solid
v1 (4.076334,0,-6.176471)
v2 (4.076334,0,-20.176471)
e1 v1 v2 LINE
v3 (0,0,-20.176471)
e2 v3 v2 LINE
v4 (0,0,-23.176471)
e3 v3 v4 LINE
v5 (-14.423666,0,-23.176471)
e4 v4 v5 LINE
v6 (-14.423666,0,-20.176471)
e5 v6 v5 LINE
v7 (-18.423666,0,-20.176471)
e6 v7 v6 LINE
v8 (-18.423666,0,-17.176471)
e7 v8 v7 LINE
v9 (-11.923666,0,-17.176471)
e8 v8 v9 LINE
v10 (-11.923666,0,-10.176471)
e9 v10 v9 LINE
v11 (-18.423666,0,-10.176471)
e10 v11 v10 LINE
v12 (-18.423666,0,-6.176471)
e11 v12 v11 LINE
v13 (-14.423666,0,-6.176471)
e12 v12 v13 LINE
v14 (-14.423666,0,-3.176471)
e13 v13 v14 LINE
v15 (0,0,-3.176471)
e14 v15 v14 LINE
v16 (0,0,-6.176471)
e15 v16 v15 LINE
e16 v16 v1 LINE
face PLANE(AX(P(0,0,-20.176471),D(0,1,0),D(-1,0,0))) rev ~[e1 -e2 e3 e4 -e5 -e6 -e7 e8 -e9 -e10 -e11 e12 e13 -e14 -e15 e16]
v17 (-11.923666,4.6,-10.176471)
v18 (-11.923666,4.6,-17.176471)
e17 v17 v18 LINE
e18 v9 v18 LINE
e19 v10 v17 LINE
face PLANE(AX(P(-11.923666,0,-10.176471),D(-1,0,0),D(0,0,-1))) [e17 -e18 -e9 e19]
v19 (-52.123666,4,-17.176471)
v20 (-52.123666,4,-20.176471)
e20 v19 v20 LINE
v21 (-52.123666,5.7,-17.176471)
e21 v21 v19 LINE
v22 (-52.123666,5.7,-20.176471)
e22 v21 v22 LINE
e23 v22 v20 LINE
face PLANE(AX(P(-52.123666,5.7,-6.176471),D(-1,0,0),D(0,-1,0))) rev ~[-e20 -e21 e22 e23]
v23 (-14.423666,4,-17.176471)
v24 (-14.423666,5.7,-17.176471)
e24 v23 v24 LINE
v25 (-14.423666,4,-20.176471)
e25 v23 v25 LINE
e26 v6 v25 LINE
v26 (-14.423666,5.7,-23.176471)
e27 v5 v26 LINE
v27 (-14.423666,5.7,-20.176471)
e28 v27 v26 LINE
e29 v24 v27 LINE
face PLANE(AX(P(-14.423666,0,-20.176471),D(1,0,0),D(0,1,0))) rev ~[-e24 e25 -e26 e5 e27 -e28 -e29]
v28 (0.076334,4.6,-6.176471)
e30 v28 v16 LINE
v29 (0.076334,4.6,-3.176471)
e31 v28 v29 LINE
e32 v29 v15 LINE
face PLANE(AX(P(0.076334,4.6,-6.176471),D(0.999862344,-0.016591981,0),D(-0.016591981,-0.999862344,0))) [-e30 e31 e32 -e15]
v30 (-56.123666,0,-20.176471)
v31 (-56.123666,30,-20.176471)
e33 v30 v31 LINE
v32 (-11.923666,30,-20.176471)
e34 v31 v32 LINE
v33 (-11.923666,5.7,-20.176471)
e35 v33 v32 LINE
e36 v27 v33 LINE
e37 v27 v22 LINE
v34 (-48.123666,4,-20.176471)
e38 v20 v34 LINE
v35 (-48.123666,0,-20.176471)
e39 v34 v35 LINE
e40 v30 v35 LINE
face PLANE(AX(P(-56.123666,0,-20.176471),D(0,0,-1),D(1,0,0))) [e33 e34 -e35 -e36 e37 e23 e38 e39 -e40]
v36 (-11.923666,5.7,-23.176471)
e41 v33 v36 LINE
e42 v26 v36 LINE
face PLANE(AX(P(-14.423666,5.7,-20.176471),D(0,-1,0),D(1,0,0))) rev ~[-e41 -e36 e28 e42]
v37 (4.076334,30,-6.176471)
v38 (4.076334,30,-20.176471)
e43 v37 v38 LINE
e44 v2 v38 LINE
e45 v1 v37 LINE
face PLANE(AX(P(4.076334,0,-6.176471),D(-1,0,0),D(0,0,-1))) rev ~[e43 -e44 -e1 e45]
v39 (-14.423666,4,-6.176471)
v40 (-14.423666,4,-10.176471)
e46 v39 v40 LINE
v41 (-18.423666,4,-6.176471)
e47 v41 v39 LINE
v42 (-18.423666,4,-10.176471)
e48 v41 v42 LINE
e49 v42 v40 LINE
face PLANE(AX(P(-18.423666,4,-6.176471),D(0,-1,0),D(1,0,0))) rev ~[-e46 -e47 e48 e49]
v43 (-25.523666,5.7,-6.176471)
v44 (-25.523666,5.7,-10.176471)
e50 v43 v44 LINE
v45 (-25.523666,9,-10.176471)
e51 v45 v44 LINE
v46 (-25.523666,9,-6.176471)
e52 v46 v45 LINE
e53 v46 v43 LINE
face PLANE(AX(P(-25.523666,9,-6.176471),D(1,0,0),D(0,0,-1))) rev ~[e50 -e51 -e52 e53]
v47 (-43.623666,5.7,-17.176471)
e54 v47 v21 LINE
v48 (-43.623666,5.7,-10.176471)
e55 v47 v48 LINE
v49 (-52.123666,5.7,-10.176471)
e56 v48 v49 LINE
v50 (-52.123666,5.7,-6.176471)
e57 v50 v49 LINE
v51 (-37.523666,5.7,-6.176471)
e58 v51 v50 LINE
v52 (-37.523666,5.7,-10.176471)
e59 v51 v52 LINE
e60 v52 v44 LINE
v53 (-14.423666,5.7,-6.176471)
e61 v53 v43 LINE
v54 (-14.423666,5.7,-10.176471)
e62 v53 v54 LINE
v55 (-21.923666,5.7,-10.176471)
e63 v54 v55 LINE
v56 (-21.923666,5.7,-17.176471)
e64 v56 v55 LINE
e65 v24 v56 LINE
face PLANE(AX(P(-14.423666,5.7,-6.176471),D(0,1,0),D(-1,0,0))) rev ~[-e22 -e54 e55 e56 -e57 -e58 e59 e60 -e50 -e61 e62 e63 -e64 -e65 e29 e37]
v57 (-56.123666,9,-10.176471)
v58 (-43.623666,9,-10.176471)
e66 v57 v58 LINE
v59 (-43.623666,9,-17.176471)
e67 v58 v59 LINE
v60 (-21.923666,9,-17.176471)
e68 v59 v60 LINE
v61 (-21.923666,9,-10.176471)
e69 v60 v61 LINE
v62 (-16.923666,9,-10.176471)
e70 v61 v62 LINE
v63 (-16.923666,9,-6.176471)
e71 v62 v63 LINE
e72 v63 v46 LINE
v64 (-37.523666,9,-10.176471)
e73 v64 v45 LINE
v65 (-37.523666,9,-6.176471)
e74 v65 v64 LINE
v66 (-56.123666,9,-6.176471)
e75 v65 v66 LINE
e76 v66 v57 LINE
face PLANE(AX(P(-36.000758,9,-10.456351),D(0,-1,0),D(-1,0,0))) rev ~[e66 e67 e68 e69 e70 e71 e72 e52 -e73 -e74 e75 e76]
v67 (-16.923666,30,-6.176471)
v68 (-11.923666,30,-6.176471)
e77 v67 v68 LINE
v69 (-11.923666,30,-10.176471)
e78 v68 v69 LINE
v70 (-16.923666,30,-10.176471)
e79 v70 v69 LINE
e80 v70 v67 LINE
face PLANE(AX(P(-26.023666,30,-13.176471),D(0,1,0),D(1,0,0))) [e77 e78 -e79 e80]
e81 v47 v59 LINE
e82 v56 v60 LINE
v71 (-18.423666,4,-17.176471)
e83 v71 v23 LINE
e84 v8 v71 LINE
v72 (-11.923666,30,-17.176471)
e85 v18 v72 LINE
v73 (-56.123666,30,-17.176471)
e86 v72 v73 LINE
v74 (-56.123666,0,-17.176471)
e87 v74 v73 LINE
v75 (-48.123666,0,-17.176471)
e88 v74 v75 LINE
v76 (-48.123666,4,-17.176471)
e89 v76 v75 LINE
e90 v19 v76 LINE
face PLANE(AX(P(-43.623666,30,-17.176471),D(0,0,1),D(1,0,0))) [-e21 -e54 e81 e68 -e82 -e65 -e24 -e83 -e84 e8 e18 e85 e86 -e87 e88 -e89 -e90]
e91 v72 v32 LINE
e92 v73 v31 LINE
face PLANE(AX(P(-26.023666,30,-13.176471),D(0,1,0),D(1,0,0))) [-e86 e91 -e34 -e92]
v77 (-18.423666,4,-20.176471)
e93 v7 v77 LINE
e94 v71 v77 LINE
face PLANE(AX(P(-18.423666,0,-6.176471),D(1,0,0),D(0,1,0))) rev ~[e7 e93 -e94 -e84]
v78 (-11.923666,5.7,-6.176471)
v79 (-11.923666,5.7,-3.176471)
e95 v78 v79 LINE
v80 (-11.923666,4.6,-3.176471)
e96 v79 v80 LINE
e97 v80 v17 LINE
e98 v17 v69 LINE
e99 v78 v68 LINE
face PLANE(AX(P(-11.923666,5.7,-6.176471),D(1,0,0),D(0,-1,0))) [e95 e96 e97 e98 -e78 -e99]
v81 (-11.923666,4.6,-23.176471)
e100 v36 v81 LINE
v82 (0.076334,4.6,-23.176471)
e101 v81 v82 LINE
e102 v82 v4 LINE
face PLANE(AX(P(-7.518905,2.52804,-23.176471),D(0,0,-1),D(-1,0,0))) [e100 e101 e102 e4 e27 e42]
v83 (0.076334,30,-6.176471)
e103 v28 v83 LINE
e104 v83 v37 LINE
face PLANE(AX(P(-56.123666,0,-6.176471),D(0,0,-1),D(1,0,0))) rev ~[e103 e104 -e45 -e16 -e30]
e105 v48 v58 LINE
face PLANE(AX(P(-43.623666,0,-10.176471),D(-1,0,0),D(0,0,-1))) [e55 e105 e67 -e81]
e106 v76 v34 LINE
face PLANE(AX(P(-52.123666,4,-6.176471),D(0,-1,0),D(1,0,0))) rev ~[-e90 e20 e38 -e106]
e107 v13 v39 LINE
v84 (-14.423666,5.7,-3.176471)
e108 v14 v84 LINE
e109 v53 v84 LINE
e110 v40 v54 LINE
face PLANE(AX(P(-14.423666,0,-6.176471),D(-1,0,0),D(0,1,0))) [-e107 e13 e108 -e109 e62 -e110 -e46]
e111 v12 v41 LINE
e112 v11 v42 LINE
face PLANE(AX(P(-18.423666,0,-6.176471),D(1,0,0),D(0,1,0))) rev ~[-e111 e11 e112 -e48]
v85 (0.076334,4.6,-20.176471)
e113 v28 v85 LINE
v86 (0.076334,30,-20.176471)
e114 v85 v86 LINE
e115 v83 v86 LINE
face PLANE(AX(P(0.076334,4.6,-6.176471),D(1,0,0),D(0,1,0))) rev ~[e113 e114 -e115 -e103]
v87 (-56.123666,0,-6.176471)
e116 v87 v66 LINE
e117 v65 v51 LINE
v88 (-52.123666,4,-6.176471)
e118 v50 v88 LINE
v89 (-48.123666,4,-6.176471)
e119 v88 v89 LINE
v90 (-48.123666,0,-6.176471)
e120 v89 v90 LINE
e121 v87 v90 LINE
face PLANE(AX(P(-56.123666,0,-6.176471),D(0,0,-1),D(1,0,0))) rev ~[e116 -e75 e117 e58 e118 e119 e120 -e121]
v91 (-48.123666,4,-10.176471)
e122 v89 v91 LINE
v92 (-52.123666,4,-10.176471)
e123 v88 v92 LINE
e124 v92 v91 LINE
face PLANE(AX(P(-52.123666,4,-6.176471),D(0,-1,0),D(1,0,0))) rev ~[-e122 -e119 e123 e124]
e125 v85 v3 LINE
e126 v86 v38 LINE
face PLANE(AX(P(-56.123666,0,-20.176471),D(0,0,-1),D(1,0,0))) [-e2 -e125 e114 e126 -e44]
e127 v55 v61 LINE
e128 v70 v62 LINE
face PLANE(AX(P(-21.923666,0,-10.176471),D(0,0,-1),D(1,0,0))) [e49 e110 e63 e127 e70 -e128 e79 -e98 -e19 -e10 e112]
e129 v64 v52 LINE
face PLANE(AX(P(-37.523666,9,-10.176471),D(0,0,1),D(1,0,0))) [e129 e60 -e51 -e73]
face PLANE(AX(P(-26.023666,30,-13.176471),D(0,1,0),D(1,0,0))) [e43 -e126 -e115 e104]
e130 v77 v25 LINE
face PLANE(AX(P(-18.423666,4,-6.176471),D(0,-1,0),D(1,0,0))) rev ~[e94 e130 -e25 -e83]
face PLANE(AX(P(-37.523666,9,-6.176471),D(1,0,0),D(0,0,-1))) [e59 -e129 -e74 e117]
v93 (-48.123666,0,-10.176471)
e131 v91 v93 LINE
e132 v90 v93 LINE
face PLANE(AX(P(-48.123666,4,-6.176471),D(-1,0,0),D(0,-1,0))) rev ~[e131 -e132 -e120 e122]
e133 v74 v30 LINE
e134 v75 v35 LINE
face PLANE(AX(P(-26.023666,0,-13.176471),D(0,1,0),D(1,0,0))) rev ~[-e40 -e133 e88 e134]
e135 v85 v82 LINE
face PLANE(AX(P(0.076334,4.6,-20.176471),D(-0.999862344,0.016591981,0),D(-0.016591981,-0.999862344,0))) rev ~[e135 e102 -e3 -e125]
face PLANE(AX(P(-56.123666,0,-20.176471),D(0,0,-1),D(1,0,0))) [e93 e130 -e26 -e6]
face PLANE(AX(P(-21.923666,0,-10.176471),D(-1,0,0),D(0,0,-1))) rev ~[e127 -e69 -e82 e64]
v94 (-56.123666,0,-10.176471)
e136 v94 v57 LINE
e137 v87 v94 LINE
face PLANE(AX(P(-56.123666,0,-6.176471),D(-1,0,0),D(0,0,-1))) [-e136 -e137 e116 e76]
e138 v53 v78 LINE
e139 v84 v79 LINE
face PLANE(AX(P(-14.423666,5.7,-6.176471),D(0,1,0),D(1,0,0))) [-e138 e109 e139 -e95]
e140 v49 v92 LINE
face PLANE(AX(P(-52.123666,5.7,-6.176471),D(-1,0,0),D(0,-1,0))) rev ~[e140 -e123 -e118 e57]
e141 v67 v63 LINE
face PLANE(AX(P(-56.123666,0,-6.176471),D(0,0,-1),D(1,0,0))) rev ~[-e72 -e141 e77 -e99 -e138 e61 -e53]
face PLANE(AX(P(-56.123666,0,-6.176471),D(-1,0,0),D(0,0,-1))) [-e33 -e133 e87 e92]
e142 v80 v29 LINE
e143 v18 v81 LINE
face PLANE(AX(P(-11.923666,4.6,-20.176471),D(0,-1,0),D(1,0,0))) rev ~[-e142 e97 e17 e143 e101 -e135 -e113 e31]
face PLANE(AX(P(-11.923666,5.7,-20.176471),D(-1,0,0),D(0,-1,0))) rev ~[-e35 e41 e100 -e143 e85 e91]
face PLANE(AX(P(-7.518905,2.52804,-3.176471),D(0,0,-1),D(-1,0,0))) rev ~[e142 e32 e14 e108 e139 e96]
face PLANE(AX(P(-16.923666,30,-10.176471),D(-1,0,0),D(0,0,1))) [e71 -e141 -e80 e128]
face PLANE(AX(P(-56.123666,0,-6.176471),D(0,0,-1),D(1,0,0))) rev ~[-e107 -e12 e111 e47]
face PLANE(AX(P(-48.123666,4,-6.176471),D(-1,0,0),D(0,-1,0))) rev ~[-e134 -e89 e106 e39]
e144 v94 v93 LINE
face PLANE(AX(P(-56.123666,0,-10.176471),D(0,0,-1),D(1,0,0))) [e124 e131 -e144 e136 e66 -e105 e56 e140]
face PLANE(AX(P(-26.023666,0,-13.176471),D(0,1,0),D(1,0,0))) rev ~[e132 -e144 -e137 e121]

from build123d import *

# Parameters (mm, degrees)
CROQUIS1_W              = 60.2
CROQUIS1_H              = 14
SALIENTE_EXTRUIR1_DEPTH = 30
CROQUIS2_W              = 12
CROQUIS2_H              = 25.4
CORTAR_EXTRUIR1_DEPTH   = 14
CORTAR_EXTRUIR2_START   = -30
CROQUIS3_W              = 12.5
CROQUIS3_H              = 7
CROQUIS3_W_2            = 10
CORTAR_EXTRUIR2_DEPTH   = 30
CORTAR_EXTRUIR3_DEPTH   = 21
CROQUIS5_W              = 12
CROQUIS5_H              = 4
CORTAR_EXTRUIR4_DEPTH   = 3.3
SALIENTE_EXTRUIR2_DEPTH = 3
SALIENTE_EXTRUIR3_DEPTH = 3


with BuildPart() as part:
    # Croquis1 → Saliente-Extruir1 (new body)
    with BuildSketch(Plane(origin=(0, 0, 0), x_dir=(1, 0, 0), z_dir=(0, 1, 0))):
        with Locations((-26.023666378, 13.176470588)):
            Rectangle(CROQUIS1_W, CROQUIS1_H)
    extrude(amount=SALIENTE_EXTRUIR1_DEPTH)

    # Croquis2 → Cortar-Extruir1 (cut)
    with BuildSketch(Plane.XY.offset(-6.176470588)):
        Polygon((-48.123666378, 0), (-18.423666378, 0), (-18.423666378, 4), (-14.423666378, 4), (-14.423666378, 5.7), (-19.023666378, 5.7), (-50.023666378, 5.7), (-52.123666378, 5.7), (-52.123666378, 4), (-48.123666378, 4), align=None)
        with Locations((-5.923666378, 17.3)):
            Rectangle(CROQUIS2_W, CROQUIS2_H)
    extrude(amount=-CORTAR_EXTRUIR1_DEPTH, mode=Mode.SUBTRACT)

    # Croquis3 → Cortar-Extruir2 (cut)
    with BuildSketch(Plane(origin=(0, 30, 0), x_dir=(1, 0, 0), z_dir=(0, 1, 0)).offset(CORTAR_EXTRUIR2_START)):
        with Locations((-49.873666378, 13.676470588)):
            Rectangle(CROQUIS3_W, CROQUIS3_H)
        with Locations((-16.923666378, 13.676470588)):
            Rectangle(CROQUIS3_W_2, CROQUIS3_H)
    extrude(amount=CORTAR_EXTRUIR2_DEPTH, mode=Mode.SUBTRACT)

    # Croquis4 → Cortar-Extruir3 (cut)
    with BuildSketch(Plane(origin=(0, 30, 0), x_dir=(1, 0, 0), z_dir=(0, 1, 0))):
        Polygon((-43.623666378, 17.176470588), (-21.923666378, 17.176470588), (-21.923666378, 10.176470588), (-16.923666378, 10.176470588), (-16.923666378, 6.176470588), (-56.123666378, 6.176470588), (-56.123666378, 10.176470588), (-43.623666378, 10.176470588), align=None)
    extrude(amount=-CORTAR_EXTRUIR3_DEPTH, mode=Mode.SUBTRACT)

    # Croquis5 → Cortar-Extruir4 (cut)
    with BuildSketch(Plane(origin=(0, 9, 0), x_dir=(1, 0, 0), z_dir=(0, 1, 0))):
        with Locations((-31.523666378, 8.176470588)):
            Rectangle(CROQUIS5_W, CROQUIS5_H)
    extrude(amount=-CORTAR_EXTRUIR4_DEPTH, mode=Mode.SUBTRACT)

    # Croquis6 → Saliente-Extruir2 (add)
    with BuildSketch(Plane.XY.offset(-6.176470588)):
        Polygon((-14.423666378, 5.7), (-11.923666378, 5.7), (-11.923666378, 4.6), (0.076333622, 4.6), (0, 0), (-14.423666378, 0), align=None)
    extrude(amount=SALIENTE_EXTRUIR2_DEPTH)

    # Croquis7 → Saliente-Extruir3 (add)
    with BuildSketch(Plane(origin=(0, 0, -20.176470588), x_dir=(-1, 0, 0), z_dir=(0, 0, -1))):
        Polygon((14.423666378, 5.7), (11.923666378, 5.7), (11.923666378, 4.6), (-0.076333622, 4.6), (0, 0), (14.423666378, 0), align=None)
    extrude(amount=SALIENTE_EXTRUIR3_DEPTH)


solid = part.part
